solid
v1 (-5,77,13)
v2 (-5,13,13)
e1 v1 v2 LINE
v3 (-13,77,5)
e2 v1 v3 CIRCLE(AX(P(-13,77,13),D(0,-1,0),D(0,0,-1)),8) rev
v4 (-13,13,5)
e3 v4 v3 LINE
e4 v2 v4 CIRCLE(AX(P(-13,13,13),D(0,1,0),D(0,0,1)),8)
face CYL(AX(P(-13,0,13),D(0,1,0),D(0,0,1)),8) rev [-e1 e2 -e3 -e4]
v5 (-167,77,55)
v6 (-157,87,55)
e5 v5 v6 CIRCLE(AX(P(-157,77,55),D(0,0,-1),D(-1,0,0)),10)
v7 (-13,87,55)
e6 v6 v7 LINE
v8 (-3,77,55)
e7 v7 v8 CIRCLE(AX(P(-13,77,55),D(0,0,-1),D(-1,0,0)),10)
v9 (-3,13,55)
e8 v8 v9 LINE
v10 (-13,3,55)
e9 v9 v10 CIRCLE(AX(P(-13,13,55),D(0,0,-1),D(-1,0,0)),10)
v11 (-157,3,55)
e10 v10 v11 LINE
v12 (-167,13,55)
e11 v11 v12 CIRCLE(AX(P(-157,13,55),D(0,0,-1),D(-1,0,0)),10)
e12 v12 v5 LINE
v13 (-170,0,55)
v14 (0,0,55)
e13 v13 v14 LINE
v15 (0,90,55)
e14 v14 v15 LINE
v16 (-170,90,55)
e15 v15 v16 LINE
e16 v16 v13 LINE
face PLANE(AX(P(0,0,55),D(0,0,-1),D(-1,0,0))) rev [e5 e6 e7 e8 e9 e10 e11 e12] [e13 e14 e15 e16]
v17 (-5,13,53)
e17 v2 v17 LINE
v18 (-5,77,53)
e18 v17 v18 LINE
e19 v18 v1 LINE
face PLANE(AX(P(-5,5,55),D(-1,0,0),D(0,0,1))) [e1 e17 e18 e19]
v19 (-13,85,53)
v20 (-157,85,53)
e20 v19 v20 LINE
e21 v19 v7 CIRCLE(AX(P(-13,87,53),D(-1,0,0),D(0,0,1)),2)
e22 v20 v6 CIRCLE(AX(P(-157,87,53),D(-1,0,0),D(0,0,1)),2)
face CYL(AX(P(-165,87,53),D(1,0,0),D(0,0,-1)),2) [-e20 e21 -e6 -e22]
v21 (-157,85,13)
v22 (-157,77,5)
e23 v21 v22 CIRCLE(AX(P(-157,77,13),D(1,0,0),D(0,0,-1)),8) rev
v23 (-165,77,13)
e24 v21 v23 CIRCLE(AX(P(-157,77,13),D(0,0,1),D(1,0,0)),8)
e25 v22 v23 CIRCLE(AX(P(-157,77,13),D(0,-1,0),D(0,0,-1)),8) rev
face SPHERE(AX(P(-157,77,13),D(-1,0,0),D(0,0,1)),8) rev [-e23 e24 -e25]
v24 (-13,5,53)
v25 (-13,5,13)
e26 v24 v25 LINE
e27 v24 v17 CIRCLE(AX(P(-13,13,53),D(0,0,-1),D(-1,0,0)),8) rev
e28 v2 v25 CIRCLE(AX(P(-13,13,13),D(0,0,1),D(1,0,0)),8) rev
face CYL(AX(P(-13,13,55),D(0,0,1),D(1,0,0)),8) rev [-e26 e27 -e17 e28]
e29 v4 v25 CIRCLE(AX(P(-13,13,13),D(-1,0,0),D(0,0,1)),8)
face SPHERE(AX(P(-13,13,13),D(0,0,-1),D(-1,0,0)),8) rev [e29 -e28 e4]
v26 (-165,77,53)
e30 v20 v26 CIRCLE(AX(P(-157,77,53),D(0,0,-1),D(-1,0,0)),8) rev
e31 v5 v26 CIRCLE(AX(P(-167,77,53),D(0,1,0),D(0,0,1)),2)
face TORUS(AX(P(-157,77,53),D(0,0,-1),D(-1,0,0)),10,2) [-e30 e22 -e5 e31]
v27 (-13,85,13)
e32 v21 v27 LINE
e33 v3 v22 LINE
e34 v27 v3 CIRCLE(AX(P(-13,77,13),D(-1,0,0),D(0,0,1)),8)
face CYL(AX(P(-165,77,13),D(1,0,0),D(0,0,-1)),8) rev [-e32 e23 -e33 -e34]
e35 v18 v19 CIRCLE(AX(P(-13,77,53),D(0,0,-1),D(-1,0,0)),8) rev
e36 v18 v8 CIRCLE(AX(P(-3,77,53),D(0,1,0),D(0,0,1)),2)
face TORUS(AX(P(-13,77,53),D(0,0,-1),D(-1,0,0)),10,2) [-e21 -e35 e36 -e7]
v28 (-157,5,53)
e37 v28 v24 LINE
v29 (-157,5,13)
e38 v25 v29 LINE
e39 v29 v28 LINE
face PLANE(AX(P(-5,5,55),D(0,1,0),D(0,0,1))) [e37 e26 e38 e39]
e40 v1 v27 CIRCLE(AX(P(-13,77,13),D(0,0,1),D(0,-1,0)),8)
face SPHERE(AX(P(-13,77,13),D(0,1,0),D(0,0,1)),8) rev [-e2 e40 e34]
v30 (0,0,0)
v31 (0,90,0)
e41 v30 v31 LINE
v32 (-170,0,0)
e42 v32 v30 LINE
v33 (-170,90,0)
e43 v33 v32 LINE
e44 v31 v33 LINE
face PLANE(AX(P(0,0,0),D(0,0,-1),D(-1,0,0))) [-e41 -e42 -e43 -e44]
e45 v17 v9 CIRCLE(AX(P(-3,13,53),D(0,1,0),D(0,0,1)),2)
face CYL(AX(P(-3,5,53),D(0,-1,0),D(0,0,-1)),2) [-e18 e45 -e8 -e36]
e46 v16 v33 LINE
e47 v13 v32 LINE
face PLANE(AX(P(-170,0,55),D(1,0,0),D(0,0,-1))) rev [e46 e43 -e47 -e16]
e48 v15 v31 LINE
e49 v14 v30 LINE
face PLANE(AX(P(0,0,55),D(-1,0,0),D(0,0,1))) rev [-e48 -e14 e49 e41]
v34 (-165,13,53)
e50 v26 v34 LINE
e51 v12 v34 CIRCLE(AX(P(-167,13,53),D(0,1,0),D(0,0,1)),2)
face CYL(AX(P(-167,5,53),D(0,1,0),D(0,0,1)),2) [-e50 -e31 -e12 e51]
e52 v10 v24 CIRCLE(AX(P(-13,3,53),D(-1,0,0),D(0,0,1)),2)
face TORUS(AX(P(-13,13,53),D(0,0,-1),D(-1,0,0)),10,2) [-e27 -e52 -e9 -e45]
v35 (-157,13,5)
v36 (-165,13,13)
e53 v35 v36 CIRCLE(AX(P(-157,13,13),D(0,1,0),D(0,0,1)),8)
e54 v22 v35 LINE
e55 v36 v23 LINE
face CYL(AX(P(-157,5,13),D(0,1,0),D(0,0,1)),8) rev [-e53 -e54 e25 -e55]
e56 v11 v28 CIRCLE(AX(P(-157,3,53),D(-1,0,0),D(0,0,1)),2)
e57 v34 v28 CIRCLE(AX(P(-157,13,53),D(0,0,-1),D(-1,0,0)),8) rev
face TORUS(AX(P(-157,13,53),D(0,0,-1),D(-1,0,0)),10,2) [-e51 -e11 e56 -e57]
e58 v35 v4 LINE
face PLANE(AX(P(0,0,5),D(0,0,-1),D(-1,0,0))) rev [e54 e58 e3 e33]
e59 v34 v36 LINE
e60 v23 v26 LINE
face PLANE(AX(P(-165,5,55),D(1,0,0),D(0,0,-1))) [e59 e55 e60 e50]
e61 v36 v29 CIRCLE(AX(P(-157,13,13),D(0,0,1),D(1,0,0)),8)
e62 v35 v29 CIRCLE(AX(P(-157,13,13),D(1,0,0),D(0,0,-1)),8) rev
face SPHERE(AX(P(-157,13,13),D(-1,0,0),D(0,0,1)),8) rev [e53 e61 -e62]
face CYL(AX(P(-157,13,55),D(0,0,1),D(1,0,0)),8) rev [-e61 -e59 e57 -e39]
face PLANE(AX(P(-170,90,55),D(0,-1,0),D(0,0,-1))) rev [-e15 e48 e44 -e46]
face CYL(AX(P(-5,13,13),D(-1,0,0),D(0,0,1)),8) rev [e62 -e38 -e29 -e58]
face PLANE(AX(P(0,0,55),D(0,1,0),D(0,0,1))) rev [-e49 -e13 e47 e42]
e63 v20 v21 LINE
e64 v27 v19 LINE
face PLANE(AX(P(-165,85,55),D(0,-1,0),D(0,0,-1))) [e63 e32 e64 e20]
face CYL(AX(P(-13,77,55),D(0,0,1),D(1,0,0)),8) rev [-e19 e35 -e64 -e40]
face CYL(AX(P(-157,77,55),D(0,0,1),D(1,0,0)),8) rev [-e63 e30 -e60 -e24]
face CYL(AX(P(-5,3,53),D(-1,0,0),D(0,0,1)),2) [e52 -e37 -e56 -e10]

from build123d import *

# Parameters (mm, degrees)
IZIM1_W                     = 80
IZIM1_H                     = 160
Y_KSEKLIK_EKSTR_ZYON1_DEPTH = 5
IZIM1_3_W                   = 90
IZIM1_3_H                   = 170
IZIM1_3_W_2                 = 80
IZIM1_3_H_2                 = 160
Y_KSEKLIK_EKSTR_ZYON2_DEPTH = 55
RADYUS2_R                   = 8
RADYUS4_R                   = 2


with BuildPart() as part:
    # Çizim1 → Yükseklik-Ekstrüzyon1 (new body)
    with BuildSketch(Plane(origin=(0, 0, 0), x_dir=(0, 1, 0), z_dir=(0, 0, 1))):
        with Locations((45, 85)):
            Rectangle(IZIM1_W, IZIM1_H)
    extrude(amount=Y_KSEKLIK_EKSTR_ZYON1_DEPTH)

    # Çizim1<3> → Yükseklik-Ekstrüzyon2 (add)
    with BuildSketch(Plane(origin=(0, 0, 0), x_dir=(0, 1, 0), z_dir=(0, 0, 1))):
        with Locations((45, 85)):
            Rectangle(IZIM1_3_W, IZIM1_3_H)
        with Locations((45, 85)):
            Rectangle(IZIM1_3_W_2, IZIM1_3_H_2, mode=Mode.SUBTRACT)
    extrude(amount=Y_KSEKLIK_EKSTR_ZYON2_DEPTH)

    # Radyus2
    radyus2_edges = [part.edges().sort_by_distance(p)[0] for p in [
        (-165, 45, 5),
        (-5, 85, 30),
        (-165, 85, 30),
        (-165, 5, 30),
        (-5, 5, 30),
        (-85, 5, 5),
        (-5, 45, 5),
        (-85, 85, 5),
    ]]
    fillet(radyus2_edges, radius=RADYUS2_R)

    # Radyus4
    radyus4_edges = [part.edges().sort_by_distance(p)[0] for p in [
        (-85, 5, 55),
        (-5, 45, 55),
        (-85, 85, 55),
        (-165, 45, 55),
        (-7.343145751, 7.343145751, 55),
        (-7.343145751, 82.656854249, 55),
        (-162.656854249, 82.656854249, 55),
        (-162.656854249, 7.343145751, 55),
    ]]
    fillet(radyus4_edges, radius=RADYUS4_R)


solid = part.part
